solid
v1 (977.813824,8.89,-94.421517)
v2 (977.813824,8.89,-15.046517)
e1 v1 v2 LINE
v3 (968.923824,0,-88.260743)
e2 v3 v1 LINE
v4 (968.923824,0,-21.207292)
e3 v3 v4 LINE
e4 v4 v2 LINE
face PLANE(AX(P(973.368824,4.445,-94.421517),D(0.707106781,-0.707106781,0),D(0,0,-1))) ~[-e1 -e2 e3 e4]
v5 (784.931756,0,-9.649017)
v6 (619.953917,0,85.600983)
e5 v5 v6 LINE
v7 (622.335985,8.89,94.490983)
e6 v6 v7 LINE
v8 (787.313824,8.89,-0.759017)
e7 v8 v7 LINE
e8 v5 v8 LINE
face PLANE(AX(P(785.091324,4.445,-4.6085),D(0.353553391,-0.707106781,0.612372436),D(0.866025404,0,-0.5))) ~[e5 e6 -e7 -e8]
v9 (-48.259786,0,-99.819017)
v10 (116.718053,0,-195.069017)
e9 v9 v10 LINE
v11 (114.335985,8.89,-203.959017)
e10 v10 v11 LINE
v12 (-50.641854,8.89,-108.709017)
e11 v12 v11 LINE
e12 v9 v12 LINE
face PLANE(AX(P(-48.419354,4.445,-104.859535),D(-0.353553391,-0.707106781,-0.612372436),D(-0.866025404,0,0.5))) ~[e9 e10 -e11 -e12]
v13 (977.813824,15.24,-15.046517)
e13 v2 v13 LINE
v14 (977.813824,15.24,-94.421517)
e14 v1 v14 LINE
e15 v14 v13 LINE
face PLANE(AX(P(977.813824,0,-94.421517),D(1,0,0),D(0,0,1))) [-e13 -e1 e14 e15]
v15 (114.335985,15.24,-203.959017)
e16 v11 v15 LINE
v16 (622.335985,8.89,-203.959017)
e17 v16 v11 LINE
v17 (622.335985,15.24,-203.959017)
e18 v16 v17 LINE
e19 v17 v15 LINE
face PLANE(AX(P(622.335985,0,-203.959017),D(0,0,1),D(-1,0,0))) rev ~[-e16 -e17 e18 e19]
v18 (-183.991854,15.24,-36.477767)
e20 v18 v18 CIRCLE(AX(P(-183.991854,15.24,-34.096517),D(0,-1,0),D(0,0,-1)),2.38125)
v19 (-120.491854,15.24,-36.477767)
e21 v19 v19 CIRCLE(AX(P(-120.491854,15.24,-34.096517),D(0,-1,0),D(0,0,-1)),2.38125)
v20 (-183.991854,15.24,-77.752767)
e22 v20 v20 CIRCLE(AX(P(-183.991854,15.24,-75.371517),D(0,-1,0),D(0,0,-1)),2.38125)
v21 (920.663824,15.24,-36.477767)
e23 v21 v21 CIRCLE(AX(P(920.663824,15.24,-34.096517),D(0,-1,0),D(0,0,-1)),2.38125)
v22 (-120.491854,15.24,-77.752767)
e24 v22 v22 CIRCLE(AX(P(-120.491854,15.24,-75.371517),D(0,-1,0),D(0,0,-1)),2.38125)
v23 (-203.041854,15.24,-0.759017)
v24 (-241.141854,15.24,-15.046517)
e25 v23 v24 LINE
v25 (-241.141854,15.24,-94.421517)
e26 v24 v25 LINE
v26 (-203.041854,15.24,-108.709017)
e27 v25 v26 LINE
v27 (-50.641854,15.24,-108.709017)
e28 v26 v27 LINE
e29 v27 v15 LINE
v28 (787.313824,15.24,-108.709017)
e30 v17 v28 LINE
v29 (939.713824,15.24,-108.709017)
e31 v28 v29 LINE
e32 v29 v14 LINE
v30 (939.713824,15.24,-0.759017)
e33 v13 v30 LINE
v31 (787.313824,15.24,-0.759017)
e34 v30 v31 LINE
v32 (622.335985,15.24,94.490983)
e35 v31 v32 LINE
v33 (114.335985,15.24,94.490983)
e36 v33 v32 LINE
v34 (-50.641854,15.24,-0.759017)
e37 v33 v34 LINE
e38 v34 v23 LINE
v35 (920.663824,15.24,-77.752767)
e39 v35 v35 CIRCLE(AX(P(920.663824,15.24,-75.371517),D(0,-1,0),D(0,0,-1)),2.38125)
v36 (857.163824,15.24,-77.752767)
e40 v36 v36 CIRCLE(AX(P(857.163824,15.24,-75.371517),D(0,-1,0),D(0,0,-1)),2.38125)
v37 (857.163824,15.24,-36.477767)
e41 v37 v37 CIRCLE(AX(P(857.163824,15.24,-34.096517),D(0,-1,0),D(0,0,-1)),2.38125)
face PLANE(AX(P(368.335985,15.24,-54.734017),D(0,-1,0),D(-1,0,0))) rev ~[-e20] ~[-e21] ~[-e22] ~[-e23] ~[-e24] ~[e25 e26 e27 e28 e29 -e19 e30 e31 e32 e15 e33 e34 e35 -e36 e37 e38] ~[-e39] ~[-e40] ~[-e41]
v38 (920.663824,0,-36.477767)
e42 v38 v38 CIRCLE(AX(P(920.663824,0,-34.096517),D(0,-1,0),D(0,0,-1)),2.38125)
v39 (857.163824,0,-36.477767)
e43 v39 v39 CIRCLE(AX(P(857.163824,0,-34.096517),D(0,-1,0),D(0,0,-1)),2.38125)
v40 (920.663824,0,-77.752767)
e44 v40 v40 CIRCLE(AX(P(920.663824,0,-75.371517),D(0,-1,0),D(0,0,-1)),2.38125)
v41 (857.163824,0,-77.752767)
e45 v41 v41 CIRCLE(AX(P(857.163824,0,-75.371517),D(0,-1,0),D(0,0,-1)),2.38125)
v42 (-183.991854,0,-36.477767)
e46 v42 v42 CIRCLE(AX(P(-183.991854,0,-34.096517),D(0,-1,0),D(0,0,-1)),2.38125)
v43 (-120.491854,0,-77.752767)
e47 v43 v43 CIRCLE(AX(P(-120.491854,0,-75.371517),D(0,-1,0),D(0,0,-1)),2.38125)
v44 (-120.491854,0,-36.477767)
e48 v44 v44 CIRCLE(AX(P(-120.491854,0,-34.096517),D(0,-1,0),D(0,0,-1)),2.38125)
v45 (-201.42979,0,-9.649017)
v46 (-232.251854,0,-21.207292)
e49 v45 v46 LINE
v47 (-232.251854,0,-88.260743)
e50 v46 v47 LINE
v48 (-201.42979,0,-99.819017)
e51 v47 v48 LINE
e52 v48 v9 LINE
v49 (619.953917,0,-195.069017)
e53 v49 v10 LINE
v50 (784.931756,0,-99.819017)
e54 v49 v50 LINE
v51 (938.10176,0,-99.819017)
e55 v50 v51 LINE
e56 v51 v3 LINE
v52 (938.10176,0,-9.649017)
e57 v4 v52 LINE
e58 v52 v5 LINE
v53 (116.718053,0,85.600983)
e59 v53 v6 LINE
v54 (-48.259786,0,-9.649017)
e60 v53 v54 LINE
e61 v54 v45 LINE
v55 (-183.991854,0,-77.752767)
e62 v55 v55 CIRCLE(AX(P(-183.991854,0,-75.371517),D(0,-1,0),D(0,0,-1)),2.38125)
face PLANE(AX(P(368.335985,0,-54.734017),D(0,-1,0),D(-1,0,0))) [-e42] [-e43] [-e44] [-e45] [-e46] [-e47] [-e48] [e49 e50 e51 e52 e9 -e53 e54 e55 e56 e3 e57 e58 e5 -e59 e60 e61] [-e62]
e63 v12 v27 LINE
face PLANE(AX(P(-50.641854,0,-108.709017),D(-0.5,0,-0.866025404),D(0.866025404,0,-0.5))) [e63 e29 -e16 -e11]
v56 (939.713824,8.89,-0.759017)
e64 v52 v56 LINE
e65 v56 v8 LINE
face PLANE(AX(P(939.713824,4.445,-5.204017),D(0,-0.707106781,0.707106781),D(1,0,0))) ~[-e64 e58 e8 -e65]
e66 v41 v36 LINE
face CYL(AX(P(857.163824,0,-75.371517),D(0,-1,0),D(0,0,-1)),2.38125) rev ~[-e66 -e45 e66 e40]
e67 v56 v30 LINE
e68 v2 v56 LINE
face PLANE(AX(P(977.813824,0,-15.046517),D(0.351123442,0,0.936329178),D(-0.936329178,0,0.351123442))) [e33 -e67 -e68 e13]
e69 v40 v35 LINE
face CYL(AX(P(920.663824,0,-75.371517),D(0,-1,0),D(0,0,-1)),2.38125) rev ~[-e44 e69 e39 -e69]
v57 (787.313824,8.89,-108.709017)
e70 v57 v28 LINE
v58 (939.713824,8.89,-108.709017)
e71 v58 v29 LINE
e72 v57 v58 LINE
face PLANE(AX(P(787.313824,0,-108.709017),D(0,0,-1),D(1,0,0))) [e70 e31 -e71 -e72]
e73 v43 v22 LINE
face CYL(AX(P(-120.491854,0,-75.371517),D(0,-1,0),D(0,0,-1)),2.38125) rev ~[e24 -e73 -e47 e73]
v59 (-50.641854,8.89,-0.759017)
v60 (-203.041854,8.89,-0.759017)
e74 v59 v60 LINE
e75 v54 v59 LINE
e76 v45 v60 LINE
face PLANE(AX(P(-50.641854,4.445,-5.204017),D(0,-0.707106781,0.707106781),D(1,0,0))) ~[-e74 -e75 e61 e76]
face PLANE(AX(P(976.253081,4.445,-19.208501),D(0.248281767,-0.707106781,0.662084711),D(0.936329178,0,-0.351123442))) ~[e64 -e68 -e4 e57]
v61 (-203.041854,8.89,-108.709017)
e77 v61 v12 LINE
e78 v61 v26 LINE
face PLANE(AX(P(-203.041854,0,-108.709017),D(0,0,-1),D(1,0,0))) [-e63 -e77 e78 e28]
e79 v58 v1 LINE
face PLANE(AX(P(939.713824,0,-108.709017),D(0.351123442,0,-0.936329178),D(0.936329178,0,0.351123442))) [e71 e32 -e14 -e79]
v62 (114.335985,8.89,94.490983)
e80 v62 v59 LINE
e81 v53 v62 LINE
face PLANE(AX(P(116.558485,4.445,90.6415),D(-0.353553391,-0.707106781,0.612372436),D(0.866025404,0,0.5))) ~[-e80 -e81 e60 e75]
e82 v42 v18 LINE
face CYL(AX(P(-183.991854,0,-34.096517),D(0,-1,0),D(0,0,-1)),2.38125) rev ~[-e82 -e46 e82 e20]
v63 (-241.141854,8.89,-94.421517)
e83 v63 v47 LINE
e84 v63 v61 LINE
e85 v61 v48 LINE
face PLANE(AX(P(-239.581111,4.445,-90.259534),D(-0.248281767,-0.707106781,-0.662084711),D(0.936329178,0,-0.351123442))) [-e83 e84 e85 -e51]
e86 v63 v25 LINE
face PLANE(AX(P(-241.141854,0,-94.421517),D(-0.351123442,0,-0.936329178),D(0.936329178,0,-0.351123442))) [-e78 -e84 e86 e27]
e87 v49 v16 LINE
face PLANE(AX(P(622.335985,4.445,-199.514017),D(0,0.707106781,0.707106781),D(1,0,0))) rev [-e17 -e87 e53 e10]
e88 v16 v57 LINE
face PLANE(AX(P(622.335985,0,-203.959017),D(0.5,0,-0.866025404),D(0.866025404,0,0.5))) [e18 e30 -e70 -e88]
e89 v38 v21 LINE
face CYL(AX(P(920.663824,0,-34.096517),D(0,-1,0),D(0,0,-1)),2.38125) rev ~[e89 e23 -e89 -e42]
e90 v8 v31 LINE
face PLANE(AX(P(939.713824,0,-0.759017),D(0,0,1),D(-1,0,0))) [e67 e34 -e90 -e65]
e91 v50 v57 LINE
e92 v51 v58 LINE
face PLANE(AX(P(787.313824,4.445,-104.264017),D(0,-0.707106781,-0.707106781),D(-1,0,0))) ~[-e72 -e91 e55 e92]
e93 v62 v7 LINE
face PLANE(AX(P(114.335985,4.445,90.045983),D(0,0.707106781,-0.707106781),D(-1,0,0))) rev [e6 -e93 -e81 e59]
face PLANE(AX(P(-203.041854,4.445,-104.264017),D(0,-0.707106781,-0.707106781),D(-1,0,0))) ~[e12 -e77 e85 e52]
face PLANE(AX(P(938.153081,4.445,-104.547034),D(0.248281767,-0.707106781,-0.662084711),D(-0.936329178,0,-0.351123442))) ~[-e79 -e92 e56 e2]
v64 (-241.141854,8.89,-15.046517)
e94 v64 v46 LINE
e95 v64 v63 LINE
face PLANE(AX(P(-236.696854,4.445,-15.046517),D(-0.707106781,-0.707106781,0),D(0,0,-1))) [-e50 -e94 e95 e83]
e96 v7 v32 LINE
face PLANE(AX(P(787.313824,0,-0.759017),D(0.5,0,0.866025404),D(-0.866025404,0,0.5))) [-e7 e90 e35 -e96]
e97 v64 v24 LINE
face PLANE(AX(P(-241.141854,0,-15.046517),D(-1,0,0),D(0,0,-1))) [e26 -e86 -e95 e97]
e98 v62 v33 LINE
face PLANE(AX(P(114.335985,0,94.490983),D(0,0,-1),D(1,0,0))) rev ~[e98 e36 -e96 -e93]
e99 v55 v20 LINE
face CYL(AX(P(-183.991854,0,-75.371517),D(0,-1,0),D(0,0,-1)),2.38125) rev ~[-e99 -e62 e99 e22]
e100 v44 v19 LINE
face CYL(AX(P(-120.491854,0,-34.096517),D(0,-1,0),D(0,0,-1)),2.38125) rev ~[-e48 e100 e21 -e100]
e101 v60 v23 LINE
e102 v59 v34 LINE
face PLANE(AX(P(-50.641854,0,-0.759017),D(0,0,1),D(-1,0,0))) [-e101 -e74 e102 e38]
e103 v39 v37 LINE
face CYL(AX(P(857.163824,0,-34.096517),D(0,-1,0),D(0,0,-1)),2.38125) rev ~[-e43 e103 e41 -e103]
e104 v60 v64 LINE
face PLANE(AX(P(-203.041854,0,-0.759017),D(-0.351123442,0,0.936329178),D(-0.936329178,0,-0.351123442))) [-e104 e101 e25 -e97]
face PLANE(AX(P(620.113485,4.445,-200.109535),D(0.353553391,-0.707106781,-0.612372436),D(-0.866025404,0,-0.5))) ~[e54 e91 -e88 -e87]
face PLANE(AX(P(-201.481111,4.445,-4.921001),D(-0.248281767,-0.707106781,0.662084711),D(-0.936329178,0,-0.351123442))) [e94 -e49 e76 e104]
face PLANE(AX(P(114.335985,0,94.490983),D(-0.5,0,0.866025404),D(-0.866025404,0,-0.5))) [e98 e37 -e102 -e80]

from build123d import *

# Parameters (mm, degrees)
BOSS_EXTRUDE1_DEPTH = 15.24
SKETCH2_R           = 2.38125
CUT_EXTRUDE1_DEPTH  = 15.24
CHAMFER1_SIZE       = 8.89


with BuildPart() as part:
    # Sketch1 → Boss-Extrude1 (new body)
    with BuildSketch(Plane(origin=(0, 0, 0), x_dir=(1, 0, 0), z_dir=(0, 1, 0))):
        Polygon((-241.141854356, 15.046517442), (-241.141854356, 94.421517442), (-203.041854356, 108.709017442), (-50.641854356, 108.709017442), (114.335985065, 203.959017442), (368.335985065, 203.959017442), (622.335985065, 203.959017442), (787.313824486, 108.709017442), (939.713824486, 108.709017442), (977.813824486, 94.421517442), (977.813824486, 15.046517442), (939.713824486, 0.759017442), (787.313824486, 0.759017442), (622.335985065, -94.490982558), (368.335985065, -94.490982558), (114.335985065, -94.490982558), (-50.641854356, 0.759017442), (-203.041854356, 0.759017442), align=None)
    extrude(amount=BOSS_EXTRUDE1_DEPTH)

    # Sketch2 → Cut-Extrude1 (cut)
    with BuildSketch(Plane(origin=(0, 0, 0), x_dir=(-1, 0, 0), z_dir=(0, -1, 0))):
        with Locations(Location((183.991854356, 34.096517442, 0), (0, 0, 90))):
            Circle(SKETCH2_R)
        with Locations(Location((183.991854356, 75.371517443, 0), (0, 0, 90))):
            Circle(SKETCH2_R)
        with Locations(Location((120.491854356, 75.371517443, 0), (0, 0, 90))):
            Circle(SKETCH2_R)
        with Locations(Location((120.491854356, 34.096517443, 0), (0, 0, 90))):
            Circle(SKETCH2_R)
        with Locations(Location((-857.163824486, 75.371517443, 0), (0, 0, 90))):
            Circle(SKETCH2_R)
        with Locations(Location((-920.663824486, 75.371517443, 0), (0, 0, 90))):
            Circle(SKETCH2_R)
        with Locations(Location((-920.663824486, 34.096517442, 0), (0, 0, 90))):
            Circle(SKETCH2_R)
        with Locations(Location((-857.163824486, 34.096517443, 0), (0, 0, 90))):
            Circle(SKETCH2_R)
    extrude(amount=-CUT_EXTRUDE1_DEPTH, mode=Mode.SUBTRACT)

    # Chamfer1
    chamfer1_edges = [part.edges().sort_by_distance(p)[0] for p in [
        (-126.841854356, 0, -0.759017442),
        (-222.091854356, 0, -7.902767442),
        (-241.141854356, 0, -54.734017442),
        (-222.091854356, 0, -101.565267442),
        (-126.841854356, 0, -108.709017442),
        (31.847065354, 0, -156.334017442),
        (368.335985065, 0, -203.959017442),
        (704.824904775, 0, -156.334017442),
        (863.513824486, 0, -108.709017442),
        (958.763824486, 0, -101.565267442),
        (977.813824486, 0, -54.734017442),
        (958.763824486, 0, -7.902767442),
        (863.513824486, 0, -0.759017442),
        (704.824904775, 0, 46.865982558),
        (368.335985065, 0, 94.490982558),
        (31.847065354, 0, 46.865982558),
    ]]
    chamfer(chamfer1_edges, length=CHAMFER1_SIZE)


solid = part.part
